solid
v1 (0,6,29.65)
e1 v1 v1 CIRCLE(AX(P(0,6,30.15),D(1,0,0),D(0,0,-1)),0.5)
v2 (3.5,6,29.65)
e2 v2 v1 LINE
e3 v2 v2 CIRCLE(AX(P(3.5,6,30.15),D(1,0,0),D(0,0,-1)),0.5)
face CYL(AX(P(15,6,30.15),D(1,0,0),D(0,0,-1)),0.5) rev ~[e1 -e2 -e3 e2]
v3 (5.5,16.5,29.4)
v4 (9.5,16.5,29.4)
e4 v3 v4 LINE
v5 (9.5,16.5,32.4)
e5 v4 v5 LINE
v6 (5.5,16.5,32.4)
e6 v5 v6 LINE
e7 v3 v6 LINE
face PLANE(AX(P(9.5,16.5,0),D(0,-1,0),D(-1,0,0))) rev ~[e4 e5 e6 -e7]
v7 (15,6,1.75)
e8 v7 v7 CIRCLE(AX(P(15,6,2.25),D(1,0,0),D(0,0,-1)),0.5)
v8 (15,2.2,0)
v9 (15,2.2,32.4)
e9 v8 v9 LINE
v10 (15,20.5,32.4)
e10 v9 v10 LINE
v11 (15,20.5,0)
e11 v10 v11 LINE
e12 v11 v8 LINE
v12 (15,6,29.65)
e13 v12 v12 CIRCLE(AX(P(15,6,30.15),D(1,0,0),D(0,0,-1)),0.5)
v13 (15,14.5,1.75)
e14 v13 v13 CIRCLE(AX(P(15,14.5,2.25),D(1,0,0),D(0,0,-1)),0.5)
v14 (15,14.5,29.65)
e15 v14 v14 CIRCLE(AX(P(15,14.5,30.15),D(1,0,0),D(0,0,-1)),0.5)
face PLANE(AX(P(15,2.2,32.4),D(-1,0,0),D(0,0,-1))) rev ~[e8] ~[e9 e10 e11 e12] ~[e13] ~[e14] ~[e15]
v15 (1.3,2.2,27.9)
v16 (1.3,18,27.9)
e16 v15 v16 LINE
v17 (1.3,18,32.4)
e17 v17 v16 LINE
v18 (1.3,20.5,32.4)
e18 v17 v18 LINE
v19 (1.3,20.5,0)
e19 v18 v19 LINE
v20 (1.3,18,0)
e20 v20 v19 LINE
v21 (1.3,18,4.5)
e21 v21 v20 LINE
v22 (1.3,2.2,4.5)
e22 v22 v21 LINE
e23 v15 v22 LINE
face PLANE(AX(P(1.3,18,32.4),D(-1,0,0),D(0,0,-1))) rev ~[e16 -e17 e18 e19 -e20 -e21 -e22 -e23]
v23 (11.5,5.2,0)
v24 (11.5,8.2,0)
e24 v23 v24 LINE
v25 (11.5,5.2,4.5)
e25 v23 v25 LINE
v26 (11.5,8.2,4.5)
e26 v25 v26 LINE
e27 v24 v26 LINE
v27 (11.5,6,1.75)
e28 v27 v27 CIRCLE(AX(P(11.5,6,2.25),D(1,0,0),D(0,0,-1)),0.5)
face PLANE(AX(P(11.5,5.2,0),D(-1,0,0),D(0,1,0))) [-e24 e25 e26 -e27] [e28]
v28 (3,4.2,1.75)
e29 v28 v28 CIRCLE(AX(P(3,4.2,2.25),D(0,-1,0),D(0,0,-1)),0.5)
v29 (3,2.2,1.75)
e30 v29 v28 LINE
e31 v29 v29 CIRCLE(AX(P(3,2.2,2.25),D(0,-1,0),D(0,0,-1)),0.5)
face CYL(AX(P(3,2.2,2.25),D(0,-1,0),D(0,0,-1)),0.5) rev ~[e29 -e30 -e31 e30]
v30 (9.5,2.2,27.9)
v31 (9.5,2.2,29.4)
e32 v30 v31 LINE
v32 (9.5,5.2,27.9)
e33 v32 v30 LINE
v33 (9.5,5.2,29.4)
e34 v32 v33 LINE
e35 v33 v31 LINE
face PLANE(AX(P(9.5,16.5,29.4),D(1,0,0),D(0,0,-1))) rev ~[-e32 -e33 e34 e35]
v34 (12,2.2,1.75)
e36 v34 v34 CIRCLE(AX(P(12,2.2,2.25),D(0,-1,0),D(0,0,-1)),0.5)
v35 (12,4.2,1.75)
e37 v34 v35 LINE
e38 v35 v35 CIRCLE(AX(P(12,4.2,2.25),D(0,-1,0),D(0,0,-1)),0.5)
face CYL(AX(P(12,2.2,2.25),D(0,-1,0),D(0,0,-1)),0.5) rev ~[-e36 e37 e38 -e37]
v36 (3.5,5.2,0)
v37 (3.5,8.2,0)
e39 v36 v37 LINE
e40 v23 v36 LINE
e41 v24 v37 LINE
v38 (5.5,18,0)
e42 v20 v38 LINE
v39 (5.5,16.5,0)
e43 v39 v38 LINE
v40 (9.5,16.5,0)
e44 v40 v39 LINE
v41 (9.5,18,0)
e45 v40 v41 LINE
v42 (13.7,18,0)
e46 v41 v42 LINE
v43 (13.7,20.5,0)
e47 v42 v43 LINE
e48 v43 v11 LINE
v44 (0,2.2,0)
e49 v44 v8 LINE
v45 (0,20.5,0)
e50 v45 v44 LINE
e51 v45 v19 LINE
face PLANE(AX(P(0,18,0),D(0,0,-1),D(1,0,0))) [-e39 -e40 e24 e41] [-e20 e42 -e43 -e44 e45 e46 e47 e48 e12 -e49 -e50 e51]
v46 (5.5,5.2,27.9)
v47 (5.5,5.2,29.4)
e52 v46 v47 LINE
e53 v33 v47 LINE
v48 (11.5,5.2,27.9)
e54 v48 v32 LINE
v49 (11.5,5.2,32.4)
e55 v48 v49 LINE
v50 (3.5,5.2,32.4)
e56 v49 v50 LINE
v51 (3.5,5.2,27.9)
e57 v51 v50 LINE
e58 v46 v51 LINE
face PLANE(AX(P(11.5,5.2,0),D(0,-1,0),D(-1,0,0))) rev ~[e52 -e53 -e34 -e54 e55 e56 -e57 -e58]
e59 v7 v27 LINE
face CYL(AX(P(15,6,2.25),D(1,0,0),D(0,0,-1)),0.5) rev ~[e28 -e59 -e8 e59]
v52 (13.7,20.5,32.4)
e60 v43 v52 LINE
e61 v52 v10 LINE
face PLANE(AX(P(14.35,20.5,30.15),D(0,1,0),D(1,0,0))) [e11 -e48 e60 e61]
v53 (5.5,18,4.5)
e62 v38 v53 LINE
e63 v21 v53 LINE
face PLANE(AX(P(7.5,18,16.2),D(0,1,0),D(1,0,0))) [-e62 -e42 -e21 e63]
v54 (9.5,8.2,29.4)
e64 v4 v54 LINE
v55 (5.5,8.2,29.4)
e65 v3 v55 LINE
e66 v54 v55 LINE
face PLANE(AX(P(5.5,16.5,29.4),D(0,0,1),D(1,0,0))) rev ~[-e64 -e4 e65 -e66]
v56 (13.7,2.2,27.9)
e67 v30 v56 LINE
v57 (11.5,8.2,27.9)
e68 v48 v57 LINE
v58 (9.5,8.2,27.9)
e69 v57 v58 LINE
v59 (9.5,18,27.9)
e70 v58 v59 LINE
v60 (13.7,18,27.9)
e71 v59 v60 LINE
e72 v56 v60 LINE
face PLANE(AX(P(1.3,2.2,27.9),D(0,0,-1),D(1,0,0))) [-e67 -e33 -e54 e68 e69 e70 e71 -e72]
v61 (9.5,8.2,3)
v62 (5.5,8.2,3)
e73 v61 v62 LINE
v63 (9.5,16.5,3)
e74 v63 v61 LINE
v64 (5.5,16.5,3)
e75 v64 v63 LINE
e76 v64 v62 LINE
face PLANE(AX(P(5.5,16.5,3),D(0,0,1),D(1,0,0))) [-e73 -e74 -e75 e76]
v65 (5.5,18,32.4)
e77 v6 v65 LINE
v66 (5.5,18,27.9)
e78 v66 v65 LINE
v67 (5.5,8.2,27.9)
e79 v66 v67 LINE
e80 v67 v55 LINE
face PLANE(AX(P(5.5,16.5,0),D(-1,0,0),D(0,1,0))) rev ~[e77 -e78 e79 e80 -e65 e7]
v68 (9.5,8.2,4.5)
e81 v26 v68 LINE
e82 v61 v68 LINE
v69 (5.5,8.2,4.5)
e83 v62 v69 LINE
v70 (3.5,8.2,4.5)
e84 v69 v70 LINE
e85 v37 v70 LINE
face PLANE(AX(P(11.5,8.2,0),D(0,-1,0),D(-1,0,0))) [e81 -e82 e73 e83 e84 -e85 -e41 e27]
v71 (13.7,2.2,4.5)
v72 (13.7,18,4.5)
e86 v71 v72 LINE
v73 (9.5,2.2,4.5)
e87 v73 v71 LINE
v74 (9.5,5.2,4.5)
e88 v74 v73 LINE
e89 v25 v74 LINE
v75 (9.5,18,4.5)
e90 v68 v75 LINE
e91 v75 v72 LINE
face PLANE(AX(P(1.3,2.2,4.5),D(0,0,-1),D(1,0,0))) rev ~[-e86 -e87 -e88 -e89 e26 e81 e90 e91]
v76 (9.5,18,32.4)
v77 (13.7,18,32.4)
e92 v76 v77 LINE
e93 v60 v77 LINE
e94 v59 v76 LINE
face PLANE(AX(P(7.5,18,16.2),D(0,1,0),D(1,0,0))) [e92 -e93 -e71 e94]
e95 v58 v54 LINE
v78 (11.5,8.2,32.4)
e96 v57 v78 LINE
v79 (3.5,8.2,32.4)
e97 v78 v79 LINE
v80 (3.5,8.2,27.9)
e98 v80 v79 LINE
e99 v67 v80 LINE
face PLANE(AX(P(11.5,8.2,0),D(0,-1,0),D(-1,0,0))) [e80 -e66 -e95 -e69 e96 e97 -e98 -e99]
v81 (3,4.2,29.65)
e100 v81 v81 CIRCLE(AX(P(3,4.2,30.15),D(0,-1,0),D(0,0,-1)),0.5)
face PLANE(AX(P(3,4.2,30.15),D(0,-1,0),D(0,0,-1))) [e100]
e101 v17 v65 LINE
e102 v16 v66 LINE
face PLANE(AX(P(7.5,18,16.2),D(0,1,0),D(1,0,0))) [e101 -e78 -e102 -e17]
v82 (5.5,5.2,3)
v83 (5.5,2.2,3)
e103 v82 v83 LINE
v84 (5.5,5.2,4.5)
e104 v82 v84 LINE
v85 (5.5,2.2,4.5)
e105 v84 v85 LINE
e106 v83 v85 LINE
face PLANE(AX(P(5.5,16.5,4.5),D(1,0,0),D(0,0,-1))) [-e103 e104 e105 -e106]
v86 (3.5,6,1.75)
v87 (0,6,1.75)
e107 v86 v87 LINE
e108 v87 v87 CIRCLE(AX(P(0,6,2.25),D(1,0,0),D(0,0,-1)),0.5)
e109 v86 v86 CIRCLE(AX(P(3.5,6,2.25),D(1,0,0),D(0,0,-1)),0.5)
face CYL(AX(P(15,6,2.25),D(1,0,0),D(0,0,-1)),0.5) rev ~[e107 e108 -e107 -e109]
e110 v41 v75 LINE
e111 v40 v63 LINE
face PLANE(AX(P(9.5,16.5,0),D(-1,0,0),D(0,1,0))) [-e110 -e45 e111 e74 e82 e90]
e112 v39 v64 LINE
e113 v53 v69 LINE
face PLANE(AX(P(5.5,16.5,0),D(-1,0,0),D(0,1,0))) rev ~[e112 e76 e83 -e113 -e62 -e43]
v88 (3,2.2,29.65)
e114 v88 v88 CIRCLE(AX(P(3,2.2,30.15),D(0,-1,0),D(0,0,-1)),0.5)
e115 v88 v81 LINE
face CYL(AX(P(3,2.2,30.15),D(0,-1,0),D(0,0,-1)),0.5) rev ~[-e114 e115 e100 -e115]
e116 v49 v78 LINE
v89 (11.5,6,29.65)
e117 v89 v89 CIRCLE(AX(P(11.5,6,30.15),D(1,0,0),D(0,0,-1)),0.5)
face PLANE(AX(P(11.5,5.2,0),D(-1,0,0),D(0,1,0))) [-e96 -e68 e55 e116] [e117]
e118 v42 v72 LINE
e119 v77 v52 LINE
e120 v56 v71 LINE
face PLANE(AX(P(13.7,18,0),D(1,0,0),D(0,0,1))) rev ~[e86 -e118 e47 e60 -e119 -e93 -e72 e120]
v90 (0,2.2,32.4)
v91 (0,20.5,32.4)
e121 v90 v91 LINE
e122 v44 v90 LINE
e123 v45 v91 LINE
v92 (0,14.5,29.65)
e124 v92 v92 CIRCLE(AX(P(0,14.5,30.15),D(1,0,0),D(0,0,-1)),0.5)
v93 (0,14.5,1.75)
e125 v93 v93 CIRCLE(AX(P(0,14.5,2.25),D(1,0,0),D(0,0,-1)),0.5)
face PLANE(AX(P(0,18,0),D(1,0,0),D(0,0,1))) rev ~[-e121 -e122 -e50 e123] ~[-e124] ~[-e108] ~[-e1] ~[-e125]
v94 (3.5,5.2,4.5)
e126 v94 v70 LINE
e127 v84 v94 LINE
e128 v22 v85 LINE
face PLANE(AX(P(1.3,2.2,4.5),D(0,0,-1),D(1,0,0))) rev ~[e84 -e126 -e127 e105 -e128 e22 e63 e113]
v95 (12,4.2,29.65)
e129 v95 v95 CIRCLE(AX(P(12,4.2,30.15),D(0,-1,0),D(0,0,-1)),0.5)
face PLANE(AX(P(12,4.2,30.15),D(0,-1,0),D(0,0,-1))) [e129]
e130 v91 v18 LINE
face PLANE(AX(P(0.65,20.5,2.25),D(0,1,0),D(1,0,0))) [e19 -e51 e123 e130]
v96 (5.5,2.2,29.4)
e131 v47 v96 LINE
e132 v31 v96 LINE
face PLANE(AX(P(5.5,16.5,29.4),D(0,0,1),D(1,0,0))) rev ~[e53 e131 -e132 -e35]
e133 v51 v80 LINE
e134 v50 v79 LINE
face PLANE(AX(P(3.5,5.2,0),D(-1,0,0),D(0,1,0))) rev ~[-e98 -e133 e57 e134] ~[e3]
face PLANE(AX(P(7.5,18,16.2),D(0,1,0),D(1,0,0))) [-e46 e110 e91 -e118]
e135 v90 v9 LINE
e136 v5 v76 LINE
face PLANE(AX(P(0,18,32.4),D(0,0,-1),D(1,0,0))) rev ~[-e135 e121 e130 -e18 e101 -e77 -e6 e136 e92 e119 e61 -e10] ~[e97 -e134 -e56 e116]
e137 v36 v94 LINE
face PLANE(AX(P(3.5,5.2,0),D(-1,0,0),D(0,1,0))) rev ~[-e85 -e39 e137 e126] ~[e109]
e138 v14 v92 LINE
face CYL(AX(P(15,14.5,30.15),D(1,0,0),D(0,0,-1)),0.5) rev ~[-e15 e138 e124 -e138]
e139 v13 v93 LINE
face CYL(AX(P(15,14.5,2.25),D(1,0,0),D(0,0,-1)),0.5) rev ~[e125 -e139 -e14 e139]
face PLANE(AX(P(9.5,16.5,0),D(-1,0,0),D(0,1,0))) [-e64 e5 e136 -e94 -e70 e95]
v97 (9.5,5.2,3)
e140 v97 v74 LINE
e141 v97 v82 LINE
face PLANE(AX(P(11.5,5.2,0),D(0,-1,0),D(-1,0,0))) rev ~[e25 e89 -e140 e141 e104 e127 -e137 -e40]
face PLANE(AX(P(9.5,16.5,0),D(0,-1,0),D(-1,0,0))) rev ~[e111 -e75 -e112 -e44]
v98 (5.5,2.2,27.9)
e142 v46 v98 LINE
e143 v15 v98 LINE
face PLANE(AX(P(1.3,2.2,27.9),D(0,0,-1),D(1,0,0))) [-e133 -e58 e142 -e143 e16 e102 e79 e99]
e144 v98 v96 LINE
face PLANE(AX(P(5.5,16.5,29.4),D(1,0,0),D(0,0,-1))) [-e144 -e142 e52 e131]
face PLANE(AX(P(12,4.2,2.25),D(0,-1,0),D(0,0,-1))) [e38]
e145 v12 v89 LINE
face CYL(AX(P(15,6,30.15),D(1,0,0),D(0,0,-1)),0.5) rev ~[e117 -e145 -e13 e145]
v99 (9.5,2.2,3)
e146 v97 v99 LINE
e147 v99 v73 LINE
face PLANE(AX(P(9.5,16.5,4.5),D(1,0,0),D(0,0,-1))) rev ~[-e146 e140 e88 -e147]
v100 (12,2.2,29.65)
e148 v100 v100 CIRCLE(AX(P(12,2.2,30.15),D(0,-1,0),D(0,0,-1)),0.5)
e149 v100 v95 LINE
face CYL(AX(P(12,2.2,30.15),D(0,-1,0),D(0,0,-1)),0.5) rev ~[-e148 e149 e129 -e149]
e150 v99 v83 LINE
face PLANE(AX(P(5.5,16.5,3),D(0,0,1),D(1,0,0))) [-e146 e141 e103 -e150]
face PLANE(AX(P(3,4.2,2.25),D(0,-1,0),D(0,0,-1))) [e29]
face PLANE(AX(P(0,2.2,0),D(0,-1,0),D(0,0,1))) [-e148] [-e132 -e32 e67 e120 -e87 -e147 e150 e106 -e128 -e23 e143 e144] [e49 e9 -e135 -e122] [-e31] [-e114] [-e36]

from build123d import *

# Parameters (mm, degrees)
SKETCH_1_W          = 15
SKETCH_1_H          = 32.4
SKETCH_1_R          = 0.8
EXTRUDE_1_DEPTH     = 2.2
SKETCH_2_W          = 15
SKETCH_2_H          = 32.4
SKETCH_2_W_2        = 12.4
SKETCH_2_H_2        = 23.4
EXTRUDE_2_DEPTH     = 15.8
EXTRUDE_START       = 15.8
SKETCH_2_3_W        = 1.3
SKETCH_2_3_H        = 4.5
SKETCH_2_3_H_2      = 23.4
EXTRUDE_3_DEPTH     = 2.5
SKETCH_3_W          = 8
SKETCH_3_H          = 3
SKETCH_3_W_2        = 4
SKETCH_3_H_2        = 1.5
CUT_EXTRUDE_1_DEPTH = 42.170499147
SKETCH_4_R          = 0.5
CUT_EXTRUDE_2_DEPTH = 42.170499147
SKETCH_5_W          = 32.4
SKETCH_5_H          = 2.2
CUT_EXTRUDE_3_DEPTH = 42.170499147
SKETCH_6_R          = 0.5
CUT_EXTRUDE_4_DEPTH = 2
SKETCH_7_W          = 4
SKETCH_7_H          = 1.5
CUT_EXTRUDE_5_DEPTH = 39.461019227


with BuildPart() as part:
    # 草图1 → 凸台-拉伸1 (new body)
    with BuildSketch(Plane(origin=(0, 0, 0), x_dir=(1, 0, 0), z_dir=(0, 1, 0))):
        with Locations((7.5, -16.2)):
            Rectangle(SKETCH_1_W, SKETCH_1_H)
        with Locations(Location((3, -3, 0), (0, 0, 270))):
            Circle(SKETCH_1_R, mode=Mode.SUBTRACT)
        with Locations(Location((12, -3, 0), (0, 0, 270))):
            Circle(SKETCH_1_R, mode=Mode.SUBTRACT)
        with Locations(Location((3, -29.4, 0), (0, 0, 270))):
            Circle(SKETCH_1_R, mode=Mode.SUBTRACT)
        with Locations(Location((12, -29.4, 0), (0, 0, 270))):
            Circle(SKETCH_1_R, mode=Mode.SUBTRACT)
    extrude(amount=EXTRUDE_1_DEPTH)

    # 草图2 → 凸台-拉伸2 (add)
    with BuildSketch(Plane(origin=(0, 2.2, 0), x_dir=(1, 0, 0), z_dir=(0, 1, 0))):
        with Locations((7.5, -16.2)):
            Rectangle(SKETCH_2_W, SKETCH_2_H)
        with Locations((7.5, -16.2)):
            Rectangle(SKETCH_2_W_2, SKETCH_2_H_2, mode=Mode.SUBTRACT)
    extrude(amount=EXTRUDE_2_DEPTH)

    # 草图2<3> → 凸台-拉伸3 (add)
    with BuildSketch(Plane(origin=(0, 2.2, 0), x_dir=(1, 0, 0), z_dir=(0, 1, 0)).offset(EXTRUDE_START)):
        with Locations((0.65, -2.25)):
            Rectangle(SKETCH_2_3_W, SKETCH_2_3_H)
        with Locations((0.65, -16.2)):
            Rectangle(SKETCH_2_3_W, SKETCH_2_3_H_2)
        with Locations((0.65, -30.15)):
            Rectangle(SKETCH_2_3_W, SKETCH_2_3_H)
        with Locations((14.35, -30.15)):
            Rectangle(SKETCH_2_3_W, SKETCH_2_3_H)
        with Locations((14.35, -16.2)):
            Rectangle(SKETCH_2_3_W, SKETCH_2_3_H_2)
        with Locations((14.35, -2.25)):
            Rectangle(SKETCH_2_3_W, SKETCH_2_3_H)
    extrude(amount=EXTRUDE_3_DEPTH)

    # 草图3 → 切除-拉伸1 (cut, through all)
    with BuildSketch(Plane(origin=(0, 0, 0), x_dir=(-1, 0, 0), z_dir=(0, 0, -1))):
        with Locations((-7.5, 6.7)):
            Rectangle(SKETCH_3_W, SKETCH_3_H)
        with Locations((-7.5, 17.25)):
            Rectangle(SKETCH_3_W_2, SKETCH_3_H_2)
    extrude(amount=-CUT_EXTRUDE_1_DEPTH, mode=Mode.SUBTRACT)

    # 草图4 → 切除-拉伸2 (cut, through all)
    with BuildSketch(Plane(origin=(15, 0, 0), x_dir=(0, 0, -1), z_dir=(1, 0, 0))):
        with Locations((-30.15, 6)):
            Circle(SKETCH_4_R)
        with Locations((-2.25, 6)):
            Circle(SKETCH_4_R)
        with Locations((-30.15, 14.5)):
            Circle(SKETCH_4_R)
        with Locations((-2.25, 14.5)):
            Circle(SKETCH_4_R)
    extrude(amount=-CUT_EXTRUDE_2_DEPTH, mode=Mode.SUBTRACT)

    # 草图5 → 切除-拉伸3 (cut, through all)
    with BuildSketch(Plane.ZY):
        with Locations((16.2, 1.1)):
            Rectangle(SKETCH_5_W, SKETCH_5_H)
    extrude(amount=-CUT_EXTRUDE_3_DEPTH, mode=Mode.SUBTRACT)

    # 草图6 → 切除-拉伸4 (cut)
    with BuildSketch(Plane.XZ.offset(-2.2)):
        with Locations(Location((12, 30.15, 0), (0, 0, 270))):
            Circle(SKETCH_6_R)
        with Locations(Location((3, 30.15, 0), (0, 0, 270))):
            Circle(SKETCH_6_R)
        with Locations(Location((12, 2.25, 0), (0, 0, 270))):
            Circle(SKETCH_6_R)
        with Locations(Location((3, 2.25, 0), (0, 0, 270))):
            Circle(SKETCH_6_R)
    extrude(amount=-CUT_EXTRUDE_4_DEPTH, mode=Mode.SUBTRACT)

    # 草图7 → 切除-拉伸5 (cut, through all)
    with BuildSketch(Plane(origin=(0, 16.5, 0), x_dir=(1, 0, 0), z_dir=(0, 1, 0))):
        with Locations((7.5, -28.65)):
            Rectangle(SKETCH_7_W, SKETCH_7_H)
        with Locations((7.5, -3.75)):
            Rectangle(SKETCH_7_W, SKETCH_7_H)
    extrude(amount=-CUT_EXTRUDE_5_DEPTH, mode=Mode.SUBTRACT)


solid = part.part
